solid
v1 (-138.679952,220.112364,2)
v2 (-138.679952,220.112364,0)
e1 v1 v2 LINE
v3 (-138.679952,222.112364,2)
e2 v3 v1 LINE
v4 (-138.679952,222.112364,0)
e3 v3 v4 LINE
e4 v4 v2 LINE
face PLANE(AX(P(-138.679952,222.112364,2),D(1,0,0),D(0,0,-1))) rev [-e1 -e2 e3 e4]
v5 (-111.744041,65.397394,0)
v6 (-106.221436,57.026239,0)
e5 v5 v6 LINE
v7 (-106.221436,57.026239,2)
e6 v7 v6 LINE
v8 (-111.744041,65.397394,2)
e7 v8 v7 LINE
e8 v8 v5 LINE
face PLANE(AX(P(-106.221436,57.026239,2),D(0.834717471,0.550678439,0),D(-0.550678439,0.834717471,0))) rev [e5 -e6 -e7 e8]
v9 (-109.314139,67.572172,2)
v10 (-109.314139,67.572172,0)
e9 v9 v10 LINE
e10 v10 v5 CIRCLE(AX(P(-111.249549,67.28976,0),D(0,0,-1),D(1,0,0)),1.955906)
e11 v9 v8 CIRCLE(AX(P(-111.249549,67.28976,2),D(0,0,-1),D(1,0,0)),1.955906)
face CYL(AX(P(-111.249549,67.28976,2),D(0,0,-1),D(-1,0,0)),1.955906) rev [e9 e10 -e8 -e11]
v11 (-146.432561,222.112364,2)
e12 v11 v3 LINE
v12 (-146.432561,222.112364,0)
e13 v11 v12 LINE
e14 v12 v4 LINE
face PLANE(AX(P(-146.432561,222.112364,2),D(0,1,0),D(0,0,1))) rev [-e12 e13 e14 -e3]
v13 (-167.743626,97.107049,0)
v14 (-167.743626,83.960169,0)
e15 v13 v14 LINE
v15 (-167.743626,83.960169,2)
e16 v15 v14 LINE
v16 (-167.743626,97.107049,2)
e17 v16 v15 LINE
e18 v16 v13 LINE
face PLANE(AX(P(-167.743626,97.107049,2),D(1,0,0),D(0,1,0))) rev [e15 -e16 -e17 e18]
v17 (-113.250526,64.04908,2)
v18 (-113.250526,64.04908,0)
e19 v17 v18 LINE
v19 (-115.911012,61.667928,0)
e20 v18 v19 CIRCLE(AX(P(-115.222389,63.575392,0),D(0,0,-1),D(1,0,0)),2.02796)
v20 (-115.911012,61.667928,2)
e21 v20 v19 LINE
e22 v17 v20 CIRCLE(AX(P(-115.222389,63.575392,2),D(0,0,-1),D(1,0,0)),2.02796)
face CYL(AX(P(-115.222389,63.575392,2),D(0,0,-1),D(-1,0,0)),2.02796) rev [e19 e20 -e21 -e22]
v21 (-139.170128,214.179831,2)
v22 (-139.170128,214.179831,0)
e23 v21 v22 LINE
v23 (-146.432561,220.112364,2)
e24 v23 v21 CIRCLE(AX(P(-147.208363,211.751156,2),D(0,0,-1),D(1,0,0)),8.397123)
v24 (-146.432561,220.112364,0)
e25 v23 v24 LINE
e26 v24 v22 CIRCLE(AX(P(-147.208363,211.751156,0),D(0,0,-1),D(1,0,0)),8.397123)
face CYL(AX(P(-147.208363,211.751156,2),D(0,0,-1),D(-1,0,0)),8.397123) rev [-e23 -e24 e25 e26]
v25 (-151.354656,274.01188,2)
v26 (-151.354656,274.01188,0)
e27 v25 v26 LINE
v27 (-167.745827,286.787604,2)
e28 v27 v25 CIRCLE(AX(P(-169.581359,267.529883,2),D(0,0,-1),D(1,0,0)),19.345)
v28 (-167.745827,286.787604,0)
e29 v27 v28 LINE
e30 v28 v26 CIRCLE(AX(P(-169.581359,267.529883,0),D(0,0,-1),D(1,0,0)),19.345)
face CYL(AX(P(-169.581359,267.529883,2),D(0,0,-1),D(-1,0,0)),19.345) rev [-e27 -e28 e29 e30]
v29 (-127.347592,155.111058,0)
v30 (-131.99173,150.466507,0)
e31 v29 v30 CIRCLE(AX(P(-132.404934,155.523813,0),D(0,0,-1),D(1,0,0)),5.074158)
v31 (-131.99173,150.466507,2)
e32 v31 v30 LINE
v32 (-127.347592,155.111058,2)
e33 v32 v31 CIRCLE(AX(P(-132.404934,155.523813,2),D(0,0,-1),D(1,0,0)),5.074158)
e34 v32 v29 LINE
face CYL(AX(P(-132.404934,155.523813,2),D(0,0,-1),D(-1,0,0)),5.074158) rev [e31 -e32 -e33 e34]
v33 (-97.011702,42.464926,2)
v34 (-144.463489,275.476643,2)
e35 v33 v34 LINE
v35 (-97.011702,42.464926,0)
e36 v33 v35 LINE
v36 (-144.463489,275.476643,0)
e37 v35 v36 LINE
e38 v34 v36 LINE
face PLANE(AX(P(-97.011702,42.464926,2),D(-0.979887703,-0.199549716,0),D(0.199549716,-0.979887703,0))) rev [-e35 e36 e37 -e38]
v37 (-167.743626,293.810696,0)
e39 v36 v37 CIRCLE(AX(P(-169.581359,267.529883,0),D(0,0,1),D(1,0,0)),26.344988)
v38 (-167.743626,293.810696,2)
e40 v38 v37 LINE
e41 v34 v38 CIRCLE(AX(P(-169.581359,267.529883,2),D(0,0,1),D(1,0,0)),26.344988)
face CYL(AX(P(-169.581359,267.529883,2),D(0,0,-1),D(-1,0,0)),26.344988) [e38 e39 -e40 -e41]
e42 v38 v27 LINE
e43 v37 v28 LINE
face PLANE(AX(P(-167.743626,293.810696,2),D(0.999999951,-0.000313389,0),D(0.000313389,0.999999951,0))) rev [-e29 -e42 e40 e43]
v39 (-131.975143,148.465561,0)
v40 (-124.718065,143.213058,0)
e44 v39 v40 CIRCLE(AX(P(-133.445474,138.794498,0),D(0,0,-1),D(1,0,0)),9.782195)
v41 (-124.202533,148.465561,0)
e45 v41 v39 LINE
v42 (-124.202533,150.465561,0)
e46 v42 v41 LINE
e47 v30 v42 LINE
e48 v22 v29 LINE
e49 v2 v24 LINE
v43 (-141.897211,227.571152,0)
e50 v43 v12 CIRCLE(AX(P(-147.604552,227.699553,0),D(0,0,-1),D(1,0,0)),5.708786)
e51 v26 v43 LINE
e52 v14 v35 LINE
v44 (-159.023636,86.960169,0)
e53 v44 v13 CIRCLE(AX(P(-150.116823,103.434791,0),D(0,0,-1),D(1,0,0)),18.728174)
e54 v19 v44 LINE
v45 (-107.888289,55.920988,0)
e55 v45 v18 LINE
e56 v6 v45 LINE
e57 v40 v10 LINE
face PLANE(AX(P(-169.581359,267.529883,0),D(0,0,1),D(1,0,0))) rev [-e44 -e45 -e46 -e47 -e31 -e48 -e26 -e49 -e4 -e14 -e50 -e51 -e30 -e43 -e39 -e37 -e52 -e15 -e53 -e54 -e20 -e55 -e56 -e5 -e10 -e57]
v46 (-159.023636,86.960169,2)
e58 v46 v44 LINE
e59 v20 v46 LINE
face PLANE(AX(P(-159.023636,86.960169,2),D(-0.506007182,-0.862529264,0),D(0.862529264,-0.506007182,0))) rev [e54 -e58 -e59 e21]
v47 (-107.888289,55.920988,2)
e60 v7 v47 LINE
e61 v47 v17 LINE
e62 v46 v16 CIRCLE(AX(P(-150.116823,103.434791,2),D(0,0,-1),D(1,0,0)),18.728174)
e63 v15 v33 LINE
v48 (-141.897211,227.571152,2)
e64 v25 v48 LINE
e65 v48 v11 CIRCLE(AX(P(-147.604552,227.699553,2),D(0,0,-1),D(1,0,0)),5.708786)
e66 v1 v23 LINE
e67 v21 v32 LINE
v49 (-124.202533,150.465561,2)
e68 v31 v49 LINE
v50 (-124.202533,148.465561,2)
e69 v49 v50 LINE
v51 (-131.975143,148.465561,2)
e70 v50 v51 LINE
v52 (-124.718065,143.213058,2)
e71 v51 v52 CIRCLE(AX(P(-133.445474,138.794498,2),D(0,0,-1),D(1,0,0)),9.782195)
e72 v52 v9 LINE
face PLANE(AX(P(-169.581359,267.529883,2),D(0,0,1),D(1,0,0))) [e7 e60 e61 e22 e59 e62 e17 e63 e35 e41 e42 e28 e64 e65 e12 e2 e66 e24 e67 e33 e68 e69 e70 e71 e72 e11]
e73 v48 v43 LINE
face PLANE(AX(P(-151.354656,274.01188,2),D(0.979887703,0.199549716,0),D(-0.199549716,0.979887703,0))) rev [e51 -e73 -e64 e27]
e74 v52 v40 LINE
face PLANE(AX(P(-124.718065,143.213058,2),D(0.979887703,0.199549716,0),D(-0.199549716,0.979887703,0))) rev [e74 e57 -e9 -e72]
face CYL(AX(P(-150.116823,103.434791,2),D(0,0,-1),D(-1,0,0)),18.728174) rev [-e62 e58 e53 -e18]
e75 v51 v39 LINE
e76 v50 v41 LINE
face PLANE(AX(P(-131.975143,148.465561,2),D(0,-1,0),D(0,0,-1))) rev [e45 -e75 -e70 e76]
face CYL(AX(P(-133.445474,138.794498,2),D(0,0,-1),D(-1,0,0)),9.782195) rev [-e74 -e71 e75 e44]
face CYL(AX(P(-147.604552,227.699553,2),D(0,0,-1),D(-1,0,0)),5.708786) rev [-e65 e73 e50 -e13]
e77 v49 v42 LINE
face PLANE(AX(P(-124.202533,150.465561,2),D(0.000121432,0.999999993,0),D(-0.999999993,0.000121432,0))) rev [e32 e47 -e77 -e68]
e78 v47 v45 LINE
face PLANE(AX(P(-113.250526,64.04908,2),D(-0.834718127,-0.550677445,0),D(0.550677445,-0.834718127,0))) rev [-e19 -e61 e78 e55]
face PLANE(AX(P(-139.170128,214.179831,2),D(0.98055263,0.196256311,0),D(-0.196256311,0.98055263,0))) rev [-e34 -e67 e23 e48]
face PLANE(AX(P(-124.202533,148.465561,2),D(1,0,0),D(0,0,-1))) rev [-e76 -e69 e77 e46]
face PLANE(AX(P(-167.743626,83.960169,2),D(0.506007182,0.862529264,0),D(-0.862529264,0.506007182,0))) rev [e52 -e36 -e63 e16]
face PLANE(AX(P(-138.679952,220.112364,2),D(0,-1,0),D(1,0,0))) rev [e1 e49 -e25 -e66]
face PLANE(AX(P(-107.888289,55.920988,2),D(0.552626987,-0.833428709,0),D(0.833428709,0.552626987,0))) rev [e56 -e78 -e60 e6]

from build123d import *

# Parameters (mm, degrees)
EXTRUDE_1_DEPTH = 2


with BuildPart() as part:
    # Model → 凸台-拉伸1 (new body)
    with BuildSketch(Plane.XY):
        with BuildLine():
            Line((-97.011702464, 42.464925797), (-144.463489001, 275.476643049))
            ThreePointArc((-144.463489001, 275.476643049), (-153.281496848, 288.227053848), (-167.743625943, 293.810696025))
            Line((-167.743625943, 293.810696025), (-167.745826906, 286.787604353))
            ThreePointArc((-167.745826906, 286.787604353), (-157.689004232, 282.787697452), (-151.354655659, 274.011880359))
            Line((-151.354655659, 274.011880359), (-141.897210514, 227.57115189))
            ThreePointArc((-141.897210514, 227.57115189), (-143.213550528, 224.051355827), (-146.432560896, 222.112364438))
            Line((-146.432560896, 222.112364438), (-138.679952298, 222.112364438))
            Line((-138.679952298, 222.112364438), (-138.679952298, 220.112364438))
            Line((-138.679952298, 220.112364438), (-146.432560896, 220.112364438))
            ThreePointArc((-146.432560896, 220.112364438), (-141.8960614, 218.254319099), (-139.170128432, 214.179831448))
            Line((-139.170128432, 214.179831448), (-127.347591585, 155.11105785))
            ThreePointArc((-127.347591585, 155.11105785), (-128.81680318, 151.936000766), (-131.991729699, 150.466507045))
            Line((-131.991729699, 150.466507045), (-124.202532501, 150.465561187))
            Line((-124.202532501, 150.465561187), (-124.202532501, 148.465561187))
            Line((-124.202532501, 148.465561187), (-131.975142876, 148.465561187))
            ThreePointArc((-131.975142876, 148.465561187), (-127.709998786, 146.718869515), (-124.718064663, 143.213057753))
            Line((-124.718064663, 143.213057753), (-109.314139037, 67.572172034))
            ThreePointArc((-109.314139037, 67.572172034), (-109.945142677, 65.832332797), (-111.744040834, 65.397394195))
            Line((-111.744040834, 65.397394195), (-106.221436179, 57.026239152))
            Line((-106.221436179, 57.026239152), (-107.888289044, 55.920988197))
            Line((-107.888289044, 55.920988197), (-113.250526418, 64.049079845))
            ThreePointArc((-113.250526418, 64.049079845), (-113.869929217, 62.064275394), (-115.91101166, 61.66792833))
            Line((-115.91101166, 61.66792833), (-159.023635769, 86.960168667))
            ThreePointArc((-159.023635769, 86.960168667), (-164.320624855, 91.228378401), (-167.743625943, 97.107049276))
            Line((-167.743625943, 97.107049276), (-167.743625943, 83.960168667))
            Line((-167.743625943, 83.960168667), (-97.011702464, 42.464925797))
        make_face()
    extrude(amount=EXTRUDE_1_DEPTH)


solid = part.part
